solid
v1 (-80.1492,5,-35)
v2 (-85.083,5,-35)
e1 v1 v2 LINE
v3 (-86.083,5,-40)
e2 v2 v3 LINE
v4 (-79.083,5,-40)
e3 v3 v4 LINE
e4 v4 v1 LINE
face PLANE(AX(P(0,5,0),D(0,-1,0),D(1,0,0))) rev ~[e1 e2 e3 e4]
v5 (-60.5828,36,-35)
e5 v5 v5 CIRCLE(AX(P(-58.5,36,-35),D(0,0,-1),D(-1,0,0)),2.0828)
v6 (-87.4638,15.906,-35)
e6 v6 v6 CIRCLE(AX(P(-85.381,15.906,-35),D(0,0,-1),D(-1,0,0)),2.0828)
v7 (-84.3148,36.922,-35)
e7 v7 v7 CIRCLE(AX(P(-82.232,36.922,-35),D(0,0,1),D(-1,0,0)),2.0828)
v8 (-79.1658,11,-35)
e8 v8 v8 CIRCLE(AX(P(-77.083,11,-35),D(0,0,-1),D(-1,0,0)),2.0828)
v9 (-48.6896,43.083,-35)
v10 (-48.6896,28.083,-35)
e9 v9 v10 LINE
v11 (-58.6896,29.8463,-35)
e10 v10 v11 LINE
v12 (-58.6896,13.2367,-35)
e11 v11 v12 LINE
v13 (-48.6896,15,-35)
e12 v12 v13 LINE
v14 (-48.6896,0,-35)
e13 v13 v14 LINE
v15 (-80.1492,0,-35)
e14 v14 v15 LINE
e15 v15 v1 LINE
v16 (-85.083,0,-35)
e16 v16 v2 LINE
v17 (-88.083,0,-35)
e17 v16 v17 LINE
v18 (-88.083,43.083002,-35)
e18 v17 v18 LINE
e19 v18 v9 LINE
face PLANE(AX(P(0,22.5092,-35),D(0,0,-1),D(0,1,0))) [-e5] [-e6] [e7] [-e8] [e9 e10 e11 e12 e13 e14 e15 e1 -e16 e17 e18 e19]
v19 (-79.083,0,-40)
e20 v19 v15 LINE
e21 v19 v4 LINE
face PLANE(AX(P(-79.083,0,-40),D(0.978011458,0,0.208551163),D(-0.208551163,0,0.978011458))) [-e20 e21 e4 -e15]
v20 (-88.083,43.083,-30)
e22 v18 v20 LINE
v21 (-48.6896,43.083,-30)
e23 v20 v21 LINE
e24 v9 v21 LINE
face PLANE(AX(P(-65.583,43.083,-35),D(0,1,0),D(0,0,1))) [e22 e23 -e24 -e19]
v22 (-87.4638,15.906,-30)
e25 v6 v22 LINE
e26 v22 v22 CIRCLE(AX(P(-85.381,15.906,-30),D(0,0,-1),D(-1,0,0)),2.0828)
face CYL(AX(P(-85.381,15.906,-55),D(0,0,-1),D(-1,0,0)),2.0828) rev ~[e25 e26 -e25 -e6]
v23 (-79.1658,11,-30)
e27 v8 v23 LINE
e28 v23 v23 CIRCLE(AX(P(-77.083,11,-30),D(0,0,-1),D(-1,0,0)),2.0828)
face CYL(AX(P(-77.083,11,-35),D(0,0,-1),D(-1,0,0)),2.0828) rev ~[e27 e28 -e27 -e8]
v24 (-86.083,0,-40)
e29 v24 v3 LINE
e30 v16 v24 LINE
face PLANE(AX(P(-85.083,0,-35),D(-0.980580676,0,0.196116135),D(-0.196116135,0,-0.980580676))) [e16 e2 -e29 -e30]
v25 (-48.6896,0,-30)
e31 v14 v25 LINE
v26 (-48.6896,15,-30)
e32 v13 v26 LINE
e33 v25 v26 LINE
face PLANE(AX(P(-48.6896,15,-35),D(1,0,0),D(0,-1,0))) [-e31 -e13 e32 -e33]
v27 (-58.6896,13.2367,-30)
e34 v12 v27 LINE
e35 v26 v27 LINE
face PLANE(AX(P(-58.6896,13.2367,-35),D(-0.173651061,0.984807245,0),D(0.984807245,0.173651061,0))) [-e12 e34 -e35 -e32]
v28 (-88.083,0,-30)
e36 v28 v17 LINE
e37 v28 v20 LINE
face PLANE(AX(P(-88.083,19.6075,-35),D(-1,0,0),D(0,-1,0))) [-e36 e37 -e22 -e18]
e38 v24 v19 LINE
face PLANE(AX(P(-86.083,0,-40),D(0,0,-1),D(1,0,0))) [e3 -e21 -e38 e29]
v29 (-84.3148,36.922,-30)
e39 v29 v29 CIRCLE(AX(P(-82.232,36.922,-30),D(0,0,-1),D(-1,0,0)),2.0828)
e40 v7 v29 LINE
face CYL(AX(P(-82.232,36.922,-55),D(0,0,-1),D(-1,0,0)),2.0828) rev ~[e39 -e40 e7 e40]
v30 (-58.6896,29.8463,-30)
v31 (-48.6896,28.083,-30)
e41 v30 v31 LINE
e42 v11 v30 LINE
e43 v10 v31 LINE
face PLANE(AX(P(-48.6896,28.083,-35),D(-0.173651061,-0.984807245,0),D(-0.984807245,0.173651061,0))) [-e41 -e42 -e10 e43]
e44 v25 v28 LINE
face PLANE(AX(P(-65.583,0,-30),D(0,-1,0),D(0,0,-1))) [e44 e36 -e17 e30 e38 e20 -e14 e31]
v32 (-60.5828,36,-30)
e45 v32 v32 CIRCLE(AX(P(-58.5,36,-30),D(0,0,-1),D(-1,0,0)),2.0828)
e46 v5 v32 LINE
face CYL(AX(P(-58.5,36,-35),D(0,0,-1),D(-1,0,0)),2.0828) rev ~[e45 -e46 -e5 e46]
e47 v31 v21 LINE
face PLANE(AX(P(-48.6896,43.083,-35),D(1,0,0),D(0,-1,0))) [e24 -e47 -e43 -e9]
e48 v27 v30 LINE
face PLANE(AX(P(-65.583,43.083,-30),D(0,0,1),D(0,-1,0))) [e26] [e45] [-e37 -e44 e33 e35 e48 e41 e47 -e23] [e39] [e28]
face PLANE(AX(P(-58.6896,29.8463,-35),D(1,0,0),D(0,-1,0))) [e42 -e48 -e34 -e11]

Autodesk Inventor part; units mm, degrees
ref_plane "YZ Plane" through (0, 0, 0) normal (1, 0, 0) x (0, 1, 0)
ref_plane "XZ Plane" through (0, 0, 0) normal (0, 1, 0) x (-1, 0, 0)
ref_plane "XY Plane" through (0, 0, 0) normal (0, 0, 1) x (1, 0, 0)
sketch "Sketch1" plane through (0, 0, 0) normal (0, 1, 0) x (-1, 0, 0)
  line L0 (0, 0) -> (0, -35)
  line L1 (0, -35) -> (37, -35)
  line L2 (37, -35) -> (37, -55)
  line L3 (37, -55) -> (48, -55)
  line L4 (48, -55) -> (48, 0)
  line L5 (48, 0) -> (22, 0)
  line L6 (22, 0) -> (22, 0)
  line L7 (22, 0) -> (0, 0)
  dimension "d0" = 35
  dimension "d1" = 37
  dimension "d2" = 20
  dimension "d3" = 11
  dimension "d4" = 55
  dimension "d5" = 26
  dimension "d6" = 0
extrude "Extrusion1" add sketch "Sketch1" along normal blind 50
shell "Shell1" thickness 5 removed faces 3 at (-48, 16.6667, -36.6667) at (-19.6667, 0, -23.3333) at (-19.6667, 50, -23.3333)
sketch "Sketch2" plane through (0, 0, 0) normal (1, 0, 0) x (0, 0, -1)
  line L0 (5, 0) -> (30, 0) projected
  line L1 (5, 0) -> (19, 0)
  line L2 (19, 0) -> (19, 17)
  line L3 (19, 17) -> (5, 17)
  line L4 (5, 17) -> (5, 0)
  point P0 (0, 0)
  dimension "d10" = 17
  dimension "d11" = 0
  dimension "d12" = 11
extrude "Extrusion2" cut sketch "Sketch2" against normal blind 10
sketch "Sketch3" plane through (-48, 0, -55) normal (-1, 0, 0) x (0, 0, 1)
  line L0 (0, 0) -> (0, 50) projected
  line L1 (5, 50) -> (25, 50) projected
  line L2 (0, 0) -> (5, 0)
  line L3 (5, 0) -> (5, 50)
  line L4 (5, 50) -> (0, 50)
  line L5 (0, 50) -> (0, 0)
  point P0 (55, 0)
extrude "Extrusion3" add sketch "Sketch3" along normal blind 15
sketch "Sketch4" plane through (-48, 0, 0) normal (-1, 0, 0) x (0, 0, 1)
  line L0 (-5, 0) -> (0, 0) projected
  line L1 (-5, 0) -> (-5, 50) projected
  line L2 (0, 0) -> (-5, 0)
  line L3 (-5, 0) -> (-5, 50)
  line L4 (-5, 50) -> (0, 50)
  line L5 (0, 50) -> (0, 0)
  point P0 (0, 0)
extrude "Extrusion4" add sketch "Sketch4" along normal blind 15
sketch "Sketch5" plane through (0, 17, -5) normal (0, 0, -1) x (-1, 0, 0)
  circle A0 centre (11.5, -8.5) radius 2.0828
  line L0 (63, -17) -> (0, -17) projected
  line L1 (0, -17) -> (0, 0) projected
  dimension "d19" = 4.1656
  dimension "d20" = 8.5
  dimension "d21" = 11.5
extrude "Extrusion5" cut sketch "Sketch5" against normal blind 15
sketch "Sketch6" plane through (0, 17, -5) normal (0, 0, -1) x (-1, 0, 0)
  circle A0 centre (28.505, 18.46) radius 2.0828
  line L0 (63, -17) -> (0, -17) projected
  line L1 (5, 0) -> (5, 33) projected
  dimension "d24" = 4.1656
  dimension "d25" = 35.46
  dimension "d26" = 23.505
extrude "Extrusion6" cut sketch "Sketch6" against normal blind 15
sketch "Sketch7" plane through (0, 17, -5) normal (0, 0, -1) x (-1, 0, 0)
  circle A0 centre (58.5, 19) radius 2.0828
  line L0 (63, 33) -> (63, -17) projected
  line L1 (5, 33) -> (63, 33) projected
  point P0 (0, -17)
  dimension "d29" = 4.1656
  dimension "d30" = 4.5
  dimension "d31" = 14
extrude "Extrusion7" cut sketch "Sketch7" against normal blind 15
sketch "Sketch13" plane through (0, 0, -35) normal (0, 0, -1) x (-1, 0, 0)
  circle A0 centre (11.5, 8.5) radius 2.0828
  line L0 (0, 0) -> (37, 0) projected
  line L1 (0, 0) -> (0, 50) projected
  dimension "d41" = 4.1656
  dimension "d42" = 8.5
  dimension "d43" = 11.5
extrude "Extrusion9" cut sketch "Sketch13" against normal blind 15
sketch "Sketch14" plane through (-37, 0, -55) normal (0, 0, -1) x (-1, 0, 0)
  circle A0 centre (-8.495, 35.46) radius 2.0828
  line L0 (-37, 0) -> (-37, 50) projected
  line L1 (0, 0) -> (26, 0) projected
  dimension "d46" = 4.1656
  dimension "d47" = 28.505
  dimension "d48" = 35.46
extrude "Extrusion10" cut sketch "Sketch14" against normal blind 15
sketch "Sketch15" plane through (-37, 0, -55) normal (0, 0, -1) x (-1, 0, 0)
  circle A0 centre (21.5, 36) radius 2.0828
  line L0 (0, 0) -> (26, 0) projected
  line L1 (26, 50) -> (26, 0) projected
  point P0 (-37, 0)
  dimension "d51" = 4.1656
  dimension "d52" = 36
  dimension "d53" = 4.5
extrude "Extrusion11" cut sketch "Sketch15" against normal blind 15
sketch "Sketch16" plane through (-42, 0, -30) normal (-1, 0, 0) x (0, 0, 1)
  line L0 (0, 0) -> (-5, 0)
  line L1 (-5, 0) -> (-5, 50)
  line L2 (-5, 50) -> (0, 50)
  line L3 (0, 50) -> (0, 0)
  point P0 (30, 0)
  dimension "d56" = 5
  dimension "d57" = 50
extrude "Extrusion12" add sketch "Sketch16" along normal blind 21
sketch "Sketch17" plane through (-5, 0, -30) normal (0, 0, 1) x (1, 0, 0)
  circle A0 centre (-23.505, 35.46) radius 2.0828
  line L0 (0, 0) -> (0, 50) projected
  line L1 (0, 0) -> (-58, 0) projected
  point P0 (5, 0)
  dimension "d60" = 4.1656
  dimension "d61" = 23.505
  dimension "d62" = 35.46
extrude "Extrusion13" cut sketch "Sketch17" against normal blind 10
sketch "Sketch18" plane through (-42, 0, -35) normal (0, 0, -1) x (-1, 0, 0)
  circle A0 centre (16.5, 36) radius 2.0828
  line L0 (21, 50) -> (21, 0) projected
  line L1 (0, 0) -> (21, 0) projected
  point P0 (-42, 0)
  dimension "d65" = 4.1656
  dimension "d67" = 36
  dimension "d70" = 4.5
extrude "Extrusion14" cut sketch "Sketch18" against normal blind 10
sketch "Sketch20" plane through (-63, 0, 0) normal (-1, 0, 0) x (0, 0, 1)
  line L0 (0, 0) -> (-5, 0) projected
  line L1 (-5, 17) -> (-5, 50) projected
  line L2 (0, 0) -> (-5, 0)
  line L3 (-5, 0) -> (-5, 50)
  line L4 (-5, 50) -> (0, 50)
  line L5 (0, 50) -> (0, 0)
extrude "Extrusion15" add sketch "Sketch20" along normal blind 2.583
sketch "Sketch21" plane through (-63, 0, -30) normal (-1, 0, 0) x (0, 0, 1)
  line L0 (-20, 50) -> (-5, 50) projected
  line L1 (11, 0) -> (0, 0) projected
  line L2 (-5, 50) -> (0, 50)
  line L3 (0, 50) -> (0, 0)
  line L4 (0, 0) -> (-5, 0)
  line L5 (-5, 0) -> (-5, 50)
  point P0 (30, 0)
extrude "Extrusion16" add sketch "Sketch21" along normal blind 2.583
sketch "Sketch22" plane through (-63, 0, -55) normal (-1, 0, 0) x (0, 0, 1)
  line L0 (0, 0) -> (0, 50) projected
  line L1 (5, 0) -> (5, 50) projected
  line L2 (0, 50) -> (5, 50)
  line L3 (5, 50) -> (5, 0)
  line L4 (5, 0) -> (0, 0)
  line L5 (0, 0) -> (0, 50)
  point P0 (55, 0)
extrude "Extrusion17" add sketch "Sketch22" along normal blind 2.583
sketch "Sketch23" plane through (0, 0, 0) normal (0, 0, 1) x (1, 0, 0)
  line L0 (0, 50) -> (-37, 50) projected
  line L1 (-65.583, 50) -> (-65.583, 0) projected
  line L2 (0, 50) -> (-65.583, 50)
  line L3 (-65.583, 50) -> (-65.583, 43.083)
  line L4 (-65.583, 43.083) -> (0, 43.083)
  line L5 (0, 43.083) -> (0, 50)
  point P0 (0, 0)
  dimension "d77" = 6.917
extrude "Extrusion18" cut sketch "Sketch23" against normal blind 100
sketch "Sketch24" plane through (0, 0, -35) normal (0, 0, -1) x (-1, 0, 0)
  line L0 (0, 0) -> (65.583, 0) projected
  line L1 (31.0052, 0) -> (26.0052, 0)
  line L2 (26.0052, 5) -> (31.0052, 5)
  circle A0 centre (28.505, 35.46) radius 2.0828 projected
  line L3 (26.0052, 5) -> (25.0052, 5)
  line L4 (25.0052, 5) -> (26.0052, 0)
  line L5 (31.0052, 5) -> (32.0052, 5)
  line L6 (32.0052, 5) -> (31.0052, 0)
  dimension "d80" = 5
  dimension "d81" = 5
  dimension "d83" = 1
  dimension "d84" = 1
extrude "Extrusion19" cut sketch "Sketch24" against normal blind 100 contours L4 L3 L2 L5 L6 L0
sketch "Sketch25" plane through (-65.583, 0, -55) normal (-1, 0, 0) x (0, 0, 1)
  line L0 (20, 0) -> (0, 0) projected
  line L1 (0, 43.083) -> (20, 43.083) projected
  line L2 (0, 0) -> (5, 0)
  line L3 (5, 0) -> (5, 43.083)
  line L4 (5, 43.083) -> (0, 43.083)
  line L5 (0, 43.083) -> (0, 0)
  point P0 (55, 0)
  dimension "d87" = 5
extrude "Extrusion20" add sketch "Sketch25" along normal blind 22.5
sketch "Sketch28" plane through (-65.583, 0, -30) normal (-1, 0, 0) x (0, 0, 1)
  line L0 (0, 0) -> (-5, 0) projected
  line L1 (-5, 0) -> (-5, 43.083) projected
  line L2 (0, 0) -> (-5, 0)
  line L3 (-5, 0) -> (-5, 43.083)
  line L4 (-5, 43.083) -> (0, 43.083)
  line L5 (0, 43.083) -> (0, 0)
  point P0 (30, 0)
extrude "Extrusion23" add sketch "Sketch28" along normal blind 22.5
sketch "Sketch26" plane through (-37, 0, -55) normal (0, 0, -1) x (-1, 0, 0)
  circle A0 centre (45.232, 36.922) radius 2.0828
  line L0 (51.083, 43.083) -> (51.083, 0) projected
  line L1 (51.083, 43.083) -> (0, 43.083) projected
  point P0 (-37, 0)
  dimension "d90" = 4.1656
  dimension "d91" = 5.851
  dimension "d92" = 6.161
extrude "Extrusion21" cut sketch "Sketch26" against normal blind 25
sketch "Sketch27" plane through (-37, 0, -55) normal (0, 0, -1) x (-1, 0, 0)
  circle A0 centre (48.381, 15.906) radius 2.0828
  line L0 (51.083, 43.083) -> (51.083, 0) projected
  line L1 (0, 0) -> (51.083, 0) projected
  point P0 (-37, 0)
  dimension "d95" = 4.1656
  dimension "d96" = 2.702
  dimension "d97" = 15.906
extrude "Extrusion22" cut sketch "Sketch27" against normal blind 25
sketch "Sketch29" plane through (-42, 0, -35) normal (0, 0, -1) x (-1, 0, 0)
  circle A0 centre (43.381, 15.906) radius 2.0828 projected
  arc A1 (46.083, 19.6075) -> (46.083, 12.2045) centre (43.381, 15.906) ccw
  line L0 (46.083, 43.083) -> (46.083, 0) projected
  line L1 (46.083, 19.6075) -> (46.083, 12.2045)
  point P0 (-42, 0)
  dimension "d102" = 2.5
extrude "Extrusion24" add sketch "Sketch29" along normal up to next
sketch "Sketch30" plane through (-88.083, 0, -55) normal (-1, 0, 0) x (0, 0, 1)
  line L0 (9, 19.6075) -> (21, 19.6075)
  line L1 (21, 19.6075) -> (21, 5)
  line L2 (21, 5) -> (9, 5)
  line L3 (9, 5) -> (9, 19.6075)
  line L4 (0, 43.083) -> (0, 0) projected
  line L5 (25, 0) -> (25, 43.083) projected
  line L6 (0, 0) -> (5, 0) projected
  line L7 (20, 19.6075) -> (5, 19.6075) projected
  point P0 (55, 0)
  dimension "d105" = 9
  dimension "d106" = 4
  dimension "d107" = 5
  dimension "d108" = 0
extrude "Extrusion25" add sketch "Sketch30" along normal blind 30
sketch "Sketch31" plane through (-88.083, 5, -34) normal (0, 0, 1) x (1, 0, 0)
  circle A0 centre (-23.917, 4) radius 2.0828
  line L0 (-30, 0) -> (-30, 14.6075) projected
  line L1 (0, 0) -> (-30, 0) projected
  point P0 (88.083, -5)
  dimension "d111" = 4.1656
  dimension "d112" = 6.083
  dimension "d113" = 4
extrude "Extrusion26" cut sketch "Sketch31" against normal blind 30
sketch "Sketch33" plane through (-88.083, 5, -34) normal (0, 0, 1) x (1, 0, 0)
  circle A0 centre (-23.917, 4) radius 2.0828 projected
  arc A1 (-25.0228, 9.9816) -> (-30, 4) centre (-23.917, 4) ccw
  line L0 (-30, 14.6075) -> (-30, 0) projected
  line L1 (-30, 0) -> (-30, 14.6075) projected
  line L2 (0, 14.6075) -> (-30, 14.6075) projected
  line L3 (-30, 4) -> (-30, 14.6075)
  line L4 (0, 14.6075) -> (-30, 14.6075) projected
  line L5 (-30, 14.6075) -> (0, 14.6075)
  line L6 (0, 14.6075) -> (-25.0228, 9.9816)
  point P0 (88.083, -5)
extrude "Extrusion27" cut sketch "Sketch33" against normal blind 30 contours A1 L0 L2 L6
sketch "Sketch34" plane through (-118.083, 5, -34) normal (0, 0, 1) x (1, 0, 0)
  circle A0 centre (6.083, 4) radius 2.0828 projected
  line L0 (0, 0) -> (0, 4) projected
  arc A1 (0, 4) -> (1.5001, 0) centre (6.083, 4) ccw
  line L1 (30, 0) -> (0, 0) projected
  line L2 (1.5001, 0) -> (0, 0)
  arc A2 (4.9772, 9.9816) -> (0, 4) centre (6.083, 4) ccw projected
  line L3 (0, 0) -> (0, 4)
  point P0 (118.083, -5)
extrude "Extrusion28" cut sketch "Sketch34" against normal blind 30 contours L0 A1 L1
sketch "Sketch35" plane through (-88.083, 5, -46) normal (0, -1, 0) x (1, 0, 0)
  line L0 (0, 12) -> (0, 11) projected
  line L1 (0, 0) -> (-28.4999, 0) projected
  line L2 (0, 11) -> (0, 0)
  line L3 (0, 0) -> (7.2848, 11)
  line L4 (7.2848, 11) -> (7.2848, -4) projected
  line L5 (0, 11) -> (7.2848, 11)
  line L6 (46.083, 11) -> (0, 11) projected
  point P0 (88.083, 46)
extrude "Extrusion29" add sketch "Sketch35" against normal up to next
sketch "Sketch36" plane through (0, 0, 0) normal (1, 0, 0) x (0, 0, -1)
  line L0 (30, 43.083) -> (35, 43.083) projected
  line L1 (0, 0) -> (5, 0) projected
  line L2 (30, 43.083) -> (0, 43.083)
  line L3 (0, 43.083) -> (0, 0)
  line L4 (0, 0) -> (30, 0)
  line L5 (30, 0) -> (30, 43.083)
extrude "Extrusion30" cut sketch "Sketch36" against normal through all
sketch "Sketch37" plane through (0, 43.083, -35) normal (0, 0, -1) x (-1, 0, 0)
  line L0 (10, -8.694) -> (10, -17.3883)
  line L1 (10, -17.3883) -> (5, -16.5067)
  line L2 (10, -8.694) -> (5, -9.5756)
  line L3 (10, -8.694) -> (15.0771, -8.694) construction
  line L4 (5, -9.5756) -> (5, -16.5067)
  line L5 (0, -43.083) -> (0, 0) projected
  line L6 (0, -43.083) -> (26.0052, -43.083) projected
  dimension "d124" = 8.6943
  dimension "d125" = 80
  dimension "d126" = 170
  dimension "d127" = 5
  dimension "d130" = 5
  dimension "d131" = 34.389
extrude "Extrusion31" cut sketch "Sketch37" against normal blind 10
sketch "Sketch38" plane through (-37, 0, -35) normal (1, 0, 0) x (0, 0, -1)
  line L0 (20, 43.083) -> (20, 0) projected
  line L1 (0, 0) -> (20, 0)
  line L2 (20, 0) -> (20, 43.083)
  line L3 (20, 43.083) -> (0, 43.083)
  line L4 (0, 43.083) -> (0, 0)
  point P0 (-35, 0)
extrude "Extrusion32" cut sketch "Sketch38" against normal through all
sketch "Sketch39" plane through (0, 0, -30) normal (1, 0, 0) x (0, 0, -1)
  line L0 (10, 34.389) -> (10, 25.6947)
  line L1 (10, 25.6947) -> (5, 26.5763)
  line L2 (10, 34.389) -> (5, 33.5074)
  line L3 (10, 34.389) -> (15.0771, 34.389) construction
  line L4 (5, 33.5074) -> (5, 26.5763)
  line L5 (5, 0) -> (5, 43.083) projected
  point P0 (5, 33.5074)
  dimension "d136" = 8.6943
  dimension "d137" = 80
  dimension "d138" = 170
  dimension "d139" = 5
  dimension "d140" = 0
  dimension "d141" = 8.694
extrude "Extrusion33" add sketch "Sketch39" against normal blind 37
sketch "Sketch40" plane through (0, 0, -30) normal (1, 0, 0) x (0, 0, -1)
  line L0 (5, 38.0828) -> (5, 33.9172) projected
  line L1 (5, 36.5278) -> (10.9453, 36.5278)
  line L2 (10.9453, 36.5278) -> (10.9453, 22.5092)
  line L3 (10.9453, 22.5092) -> (5, 22.5092)
  line L4 (5, 22.5092) -> (5, 36.5278)
  point P0 (-30, 0)
extrude "Extrusion34" cut sketch "Sketch40" against normal blind 32
sketch "Sketch41" plane through (0, 0, -35) normal (0, 0, -1) x (-1, 0, 0)
  line L0 (0, 0) -> (5, 0)
  line L1 (5, 0) -> (5, 45.0451)
  line L2 (5, 45.0451) -> (0, 45.0451)
  line L3 (0, 45.0451) -> (0, 0)
  dimension "d146" = 5
extrude "Extrusion35" cut sketch "Sketch41" against normal blind 27
sketch "Sketch43" plane through (-32, 0, -30) normal (1, 0, 0) x (0, 0, -1)
  line L0 (10, 16.9997) -> (10, 8.3054)
  line L1 (10, 8.3054) -> (5, 9.187)
  line L2 (10, 16.9997) -> (5, 16.118)
  line L3 (10, 16.9997) -> (15.0771, 16.9997) construction
  line L4 (5, 16.118) -> (5, 9.187)
  line L5 (10, 34.389) -> (10, 25.6947) projected
  point P0 (5, 0)
  dimension "d149" = 8.6943
  dimension "d150" = 80
  dimension "d151" = 170
  dimension "d152" = 5
  dimension "d153" = 0
  dimension "d154" = 9.187
extrude "Extrusion36" add sketch "Sketch43" against normal blind 5
sketch "Sketch44" plane through (-25.0052, 5, -35) normal (0, 0, -1) x (-1, 0, 0)
  line L0 (23.6844, 38.083) -> (23.6844, 23.083)
  line L1 (23.6844, 23.083) -> (33.6844, 24.8463)
  line L2 (33.6844, 24.8463) -> (33.6844, 8.2367)
  line L3 (33.6844, 8.2367) -> (23.6844, 10)
  line L4 (23.6844, 10) -> (23.6844, -5)
  line L5 (6, -5) -> (63.0778, -5) projected
  line L6 (63.0778, 38.083) -> (-20.0052, 38.083) projected
  line L7 (23.6844, 38.083) -> (96.1703, 54.1884)
  line L8 (96.1703, 54.1884) -> (94.0332, -32.3639)
  line L9 (94.0332, -32.3639) -> (23.6844, -5)
  point P0 (-25.0052, -5)
  dimension "d157" = 15
  dimension "d158" = 15
  dimension "d159" = 13.083
  dimension "d160" = 80
  dimension "d161" = 80
  dimension "d162" = 10
extrude "Extrusion37" cut sketch "Sketch44" against normal blind 10 keep common part
sketch "Sketch45" plane through (-88.083, 0, -35) normal (0, 0, -1) x (-1, 0, 0)
  line L0 (-39.3934, 0) -> (0, 0) projected
  line L1 (0, 0) -> (31.1336, 0)
  line L2 (31.1336, 0) -> (31.1336, 42.5883)
  line L3 (31.1336, 42.5883) -> (0, 42.5883)
  line L4 (0, 42.5883) -> (0, 0)
  point P0 (-88.083, 0)
extrude "Extrusion38" cut sketch "Sketch45" against normal blind 10
sketch "Sketch46" plane through (-88.083, 0, -35) normal (0, 0, -1) x (-1, 0, 0)
  circle A0 centre (-11, 11) radius 2.0828
  line L0 (-39.3934, 0) -> (0, 0) projected
  line L1 (0, 43.083) -> (0, 0) projected
  point P0 (-88.083, 0)
  dimension "d167" = 4.1656
  dimension "d168" = 11
  dimension "d169" = 11
extrude "Extrusion39" cut sketch "Sketch46" against normal blind 10
sketch "Sketch47" plane through (0, 0, 0) normal (0, -1, 0) x (1, 0, 0)
  line L0 (-87.4638, -35) -> (-83.2982, -35) projected
  line L1 (-85.083, -35) -> (-86.083, -40)
  line L2 (-86.083, -40) -> (-79.083, -40)
  line L3 (-80.1492, -35) -> (-84.3148, -35) projected
  line L4 (-79.083, -40) -> (-80.1492, -35)
  line L5 (-80.1492, -35) -> (-85.083, -35)
  line L6 (-48.6896, -35) -> (-88.083, -35) projected
  point P0 (0, 0)
  dimension "d172" = 3
  dimension "d173" = 1
  dimension "d174" = 7
  dimension "d175" = 5
extrude "Extrusion40" add sketch "Sketch47" against normal blind 5
properties part number "Frame VG01-06"
